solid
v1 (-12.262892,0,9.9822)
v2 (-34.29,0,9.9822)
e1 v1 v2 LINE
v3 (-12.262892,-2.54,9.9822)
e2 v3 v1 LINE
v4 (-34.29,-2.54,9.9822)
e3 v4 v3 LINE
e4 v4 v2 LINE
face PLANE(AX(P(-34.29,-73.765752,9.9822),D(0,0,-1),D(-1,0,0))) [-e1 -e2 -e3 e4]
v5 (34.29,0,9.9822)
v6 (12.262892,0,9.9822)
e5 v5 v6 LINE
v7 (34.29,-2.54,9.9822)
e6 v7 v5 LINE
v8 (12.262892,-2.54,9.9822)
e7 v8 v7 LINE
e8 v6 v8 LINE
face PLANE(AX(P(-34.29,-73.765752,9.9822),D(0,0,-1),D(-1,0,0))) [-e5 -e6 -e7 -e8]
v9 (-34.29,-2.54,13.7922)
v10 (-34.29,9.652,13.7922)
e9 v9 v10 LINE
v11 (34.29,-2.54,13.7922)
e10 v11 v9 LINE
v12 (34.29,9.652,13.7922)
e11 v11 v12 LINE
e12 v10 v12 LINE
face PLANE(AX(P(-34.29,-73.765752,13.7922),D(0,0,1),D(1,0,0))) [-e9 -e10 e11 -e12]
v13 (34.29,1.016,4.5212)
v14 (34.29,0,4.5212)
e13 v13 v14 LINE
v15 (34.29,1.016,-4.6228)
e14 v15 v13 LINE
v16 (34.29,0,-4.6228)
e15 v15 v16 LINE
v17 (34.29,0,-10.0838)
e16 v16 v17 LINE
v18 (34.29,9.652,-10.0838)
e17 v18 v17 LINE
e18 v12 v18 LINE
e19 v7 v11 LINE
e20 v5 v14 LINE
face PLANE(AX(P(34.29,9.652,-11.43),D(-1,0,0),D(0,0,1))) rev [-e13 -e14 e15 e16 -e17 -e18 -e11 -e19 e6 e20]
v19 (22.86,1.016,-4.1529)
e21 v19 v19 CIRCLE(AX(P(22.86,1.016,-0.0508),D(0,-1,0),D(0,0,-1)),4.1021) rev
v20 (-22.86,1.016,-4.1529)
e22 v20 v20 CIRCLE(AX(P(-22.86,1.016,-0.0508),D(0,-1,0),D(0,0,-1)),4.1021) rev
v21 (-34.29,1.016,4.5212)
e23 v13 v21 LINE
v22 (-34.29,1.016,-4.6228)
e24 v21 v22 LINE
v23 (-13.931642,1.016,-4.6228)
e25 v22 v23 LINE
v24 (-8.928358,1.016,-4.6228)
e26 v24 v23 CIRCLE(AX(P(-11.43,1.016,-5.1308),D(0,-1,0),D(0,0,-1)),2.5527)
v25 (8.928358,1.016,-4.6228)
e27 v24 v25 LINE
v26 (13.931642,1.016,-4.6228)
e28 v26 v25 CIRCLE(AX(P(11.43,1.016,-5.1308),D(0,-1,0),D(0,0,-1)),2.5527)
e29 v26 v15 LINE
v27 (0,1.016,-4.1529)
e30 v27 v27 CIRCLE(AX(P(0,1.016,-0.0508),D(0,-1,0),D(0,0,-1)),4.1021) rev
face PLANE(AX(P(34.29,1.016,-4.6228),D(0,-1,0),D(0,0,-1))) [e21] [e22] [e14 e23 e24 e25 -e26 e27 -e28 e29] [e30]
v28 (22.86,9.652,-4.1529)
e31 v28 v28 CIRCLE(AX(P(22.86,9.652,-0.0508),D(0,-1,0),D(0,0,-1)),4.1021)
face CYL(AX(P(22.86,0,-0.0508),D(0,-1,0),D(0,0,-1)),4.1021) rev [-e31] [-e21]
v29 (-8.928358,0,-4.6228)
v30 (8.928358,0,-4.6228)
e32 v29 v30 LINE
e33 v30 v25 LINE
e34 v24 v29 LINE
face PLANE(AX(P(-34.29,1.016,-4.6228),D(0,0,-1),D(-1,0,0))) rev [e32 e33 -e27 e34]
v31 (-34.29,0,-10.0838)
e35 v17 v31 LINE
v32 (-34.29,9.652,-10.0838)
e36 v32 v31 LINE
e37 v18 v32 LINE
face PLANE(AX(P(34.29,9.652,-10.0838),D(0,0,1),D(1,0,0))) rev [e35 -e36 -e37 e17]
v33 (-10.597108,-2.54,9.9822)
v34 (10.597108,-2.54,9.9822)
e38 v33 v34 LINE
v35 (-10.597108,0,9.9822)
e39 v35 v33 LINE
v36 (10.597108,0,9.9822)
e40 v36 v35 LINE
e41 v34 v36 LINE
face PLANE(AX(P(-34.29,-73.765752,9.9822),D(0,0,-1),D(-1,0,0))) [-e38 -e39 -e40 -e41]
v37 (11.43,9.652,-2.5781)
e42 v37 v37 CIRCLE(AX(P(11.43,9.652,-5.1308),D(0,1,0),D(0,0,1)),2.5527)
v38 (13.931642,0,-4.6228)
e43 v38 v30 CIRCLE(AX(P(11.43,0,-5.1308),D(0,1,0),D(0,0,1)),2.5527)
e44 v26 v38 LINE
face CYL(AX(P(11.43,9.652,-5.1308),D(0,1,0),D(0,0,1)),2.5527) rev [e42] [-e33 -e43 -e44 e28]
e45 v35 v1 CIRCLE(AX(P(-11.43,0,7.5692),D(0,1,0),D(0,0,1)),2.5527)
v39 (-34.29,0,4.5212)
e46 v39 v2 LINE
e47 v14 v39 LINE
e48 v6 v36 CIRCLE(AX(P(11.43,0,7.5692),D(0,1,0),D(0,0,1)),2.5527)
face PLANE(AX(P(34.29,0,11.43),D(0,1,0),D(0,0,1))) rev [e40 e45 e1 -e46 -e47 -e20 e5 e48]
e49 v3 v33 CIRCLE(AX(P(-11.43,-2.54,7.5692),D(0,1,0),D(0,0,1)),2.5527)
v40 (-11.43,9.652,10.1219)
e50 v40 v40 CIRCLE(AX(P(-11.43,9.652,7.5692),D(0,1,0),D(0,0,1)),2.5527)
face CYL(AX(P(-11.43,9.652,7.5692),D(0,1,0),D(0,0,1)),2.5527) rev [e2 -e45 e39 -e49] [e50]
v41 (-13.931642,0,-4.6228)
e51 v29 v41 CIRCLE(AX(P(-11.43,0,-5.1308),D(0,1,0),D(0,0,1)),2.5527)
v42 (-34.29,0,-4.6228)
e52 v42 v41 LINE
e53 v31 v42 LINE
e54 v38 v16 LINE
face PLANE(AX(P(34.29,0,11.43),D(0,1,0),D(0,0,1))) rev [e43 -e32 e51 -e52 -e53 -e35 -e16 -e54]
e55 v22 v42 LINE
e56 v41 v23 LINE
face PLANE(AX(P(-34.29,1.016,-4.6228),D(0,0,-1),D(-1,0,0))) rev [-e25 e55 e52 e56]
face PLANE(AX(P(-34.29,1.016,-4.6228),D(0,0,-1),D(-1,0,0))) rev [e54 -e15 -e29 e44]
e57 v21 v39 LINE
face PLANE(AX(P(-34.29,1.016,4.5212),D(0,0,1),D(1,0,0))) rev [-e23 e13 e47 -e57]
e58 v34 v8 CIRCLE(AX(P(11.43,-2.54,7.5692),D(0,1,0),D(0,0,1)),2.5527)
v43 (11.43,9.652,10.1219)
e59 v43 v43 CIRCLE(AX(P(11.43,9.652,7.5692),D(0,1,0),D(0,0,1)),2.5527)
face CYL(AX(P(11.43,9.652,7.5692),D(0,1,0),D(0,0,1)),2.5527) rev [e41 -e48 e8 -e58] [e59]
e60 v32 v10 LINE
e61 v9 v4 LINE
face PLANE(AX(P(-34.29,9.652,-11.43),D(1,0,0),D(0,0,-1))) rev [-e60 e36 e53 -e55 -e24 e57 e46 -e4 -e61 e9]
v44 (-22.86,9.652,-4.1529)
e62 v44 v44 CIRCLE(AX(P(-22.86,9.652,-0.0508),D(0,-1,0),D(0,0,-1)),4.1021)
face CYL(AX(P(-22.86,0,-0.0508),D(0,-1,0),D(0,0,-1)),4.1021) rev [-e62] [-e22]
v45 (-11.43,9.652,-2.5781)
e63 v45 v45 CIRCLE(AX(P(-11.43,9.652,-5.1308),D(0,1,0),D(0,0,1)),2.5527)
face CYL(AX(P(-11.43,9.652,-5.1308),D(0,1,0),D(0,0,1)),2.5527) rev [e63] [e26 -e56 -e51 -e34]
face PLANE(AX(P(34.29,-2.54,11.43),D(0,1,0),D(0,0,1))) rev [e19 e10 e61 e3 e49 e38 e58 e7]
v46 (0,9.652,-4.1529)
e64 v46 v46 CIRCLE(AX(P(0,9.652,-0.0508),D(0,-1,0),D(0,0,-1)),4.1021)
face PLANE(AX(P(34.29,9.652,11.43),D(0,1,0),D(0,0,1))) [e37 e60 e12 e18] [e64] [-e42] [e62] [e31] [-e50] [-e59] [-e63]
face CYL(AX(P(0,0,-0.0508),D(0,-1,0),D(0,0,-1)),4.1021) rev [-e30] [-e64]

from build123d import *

# Parameters (mm, degrees)
SKETCH1_W                   = 68.58
SKETCH1_H                   = 22.86
EXTRUDE1_DEPTH              = 9.652
SKETCH4_W                   = 68.58
SKETCH4_H                   = 3.81
EXTRUDE3_DEPTH              = 12.192
F_5_16_CLEARANCE_HOLE1_D    = 8.2042
SKETCH3_W                   = 68.58
SKETCH3_H                   = 9.144
EXTRUDE2_DEPTH              = 1.016
SKETCH6_W                   = 68.58
SKETCH6_H                   = 1.3462
CUT_EXTRUDE2_DEPTH          = 10.652
F_1_4_20_TAPPED_HOLE1_D     = 5.1054
F_1_4_20_TAPPED_HOLE1_DEPTH = 19.05
F_1_4_20_TAPPED_HOLE1_TIP   = 1.533816902


with BuildPart() as part:
    # Sketch1 → Extrude1 (new body)
    with BuildSketch(Plane(origin=(0, 0, 0), x_dir=(1, 0, 0), z_dir=(0, 1, 0))):
        Rectangle(SKETCH1_W, SKETCH1_H)
    extrude(amount=EXTRUDE1_DEPTH)

    # Sketch4 → Extrude3 (add)
    with BuildSketch(Plane(origin=(0, 9.652, 0), x_dir=(1, 0, 0), z_dir=(0, 1, 0))):
        with Locations((0, -11.8872)):
            Rectangle(SKETCH4_W, SKETCH4_H)
    extrude(amount=-EXTRUDE3_DEPTH)

    # 5/16 Clearance Hole1 (through all)
    with Locations(Plane(origin=(-22.86, 0, -0.0508), x_dir=(0, 0, -1), z_dir=(0, -1, 0))):
        with Locations((0, 0), (0, 45.72), (0, 22.86)):
            Hole(F_5_16_CLEARANCE_HOLE1_D / 2)

    # Sketch3 → Extrude2 (cut)
    with BuildSketch(Plane.XZ):
        with Locations((0, -0.0508)):
            Rectangle(SKETCH3_W, SKETCH3_H)
    extrude(amount=-EXTRUDE2_DEPTH, mode=Mode.SUBTRACT)

    # Sketch6 → Cut-Extrude2 (cut, through all)
    with BuildSketch(Plane.XZ):
        with Locations((0, -10.7569)):
            Rectangle(SKETCH6_W, SKETCH6_H)
    extrude(amount=-CUT_EXTRUDE2_DEPTH, mode=Mode.SUBTRACT)

    # 1/4-20 Tapped Hole1
    with Locations(Plane(origin=(0, 9.652, 0), x_dir=(-1, 0, 0), z_dir=(0, 1, 0))):
        with Locations((11.43, -5.1308), (11.43, 7.5692), (-11.43, 7.5692), (-11.43, -5.1308)):
            Hole(F_1_4_20_TAPPED_HOLE1_D / 2, depth=F_1_4_20_TAPPED_HOLE1_DEPTH)
            with Locations((0, 0, -(F_1_4_20_TAPPED_HOLE1_DEPTH + F_1_4_20_TAPPED_HOLE1_TIP / 2))):  # 118° drill point
                Cone(0, F_1_4_20_TAPPED_HOLE1_D / 2, F_1_4_20_TAPPED_HOLE1_TIP, mode=Mode.SUBTRACT)


solid = part.part
